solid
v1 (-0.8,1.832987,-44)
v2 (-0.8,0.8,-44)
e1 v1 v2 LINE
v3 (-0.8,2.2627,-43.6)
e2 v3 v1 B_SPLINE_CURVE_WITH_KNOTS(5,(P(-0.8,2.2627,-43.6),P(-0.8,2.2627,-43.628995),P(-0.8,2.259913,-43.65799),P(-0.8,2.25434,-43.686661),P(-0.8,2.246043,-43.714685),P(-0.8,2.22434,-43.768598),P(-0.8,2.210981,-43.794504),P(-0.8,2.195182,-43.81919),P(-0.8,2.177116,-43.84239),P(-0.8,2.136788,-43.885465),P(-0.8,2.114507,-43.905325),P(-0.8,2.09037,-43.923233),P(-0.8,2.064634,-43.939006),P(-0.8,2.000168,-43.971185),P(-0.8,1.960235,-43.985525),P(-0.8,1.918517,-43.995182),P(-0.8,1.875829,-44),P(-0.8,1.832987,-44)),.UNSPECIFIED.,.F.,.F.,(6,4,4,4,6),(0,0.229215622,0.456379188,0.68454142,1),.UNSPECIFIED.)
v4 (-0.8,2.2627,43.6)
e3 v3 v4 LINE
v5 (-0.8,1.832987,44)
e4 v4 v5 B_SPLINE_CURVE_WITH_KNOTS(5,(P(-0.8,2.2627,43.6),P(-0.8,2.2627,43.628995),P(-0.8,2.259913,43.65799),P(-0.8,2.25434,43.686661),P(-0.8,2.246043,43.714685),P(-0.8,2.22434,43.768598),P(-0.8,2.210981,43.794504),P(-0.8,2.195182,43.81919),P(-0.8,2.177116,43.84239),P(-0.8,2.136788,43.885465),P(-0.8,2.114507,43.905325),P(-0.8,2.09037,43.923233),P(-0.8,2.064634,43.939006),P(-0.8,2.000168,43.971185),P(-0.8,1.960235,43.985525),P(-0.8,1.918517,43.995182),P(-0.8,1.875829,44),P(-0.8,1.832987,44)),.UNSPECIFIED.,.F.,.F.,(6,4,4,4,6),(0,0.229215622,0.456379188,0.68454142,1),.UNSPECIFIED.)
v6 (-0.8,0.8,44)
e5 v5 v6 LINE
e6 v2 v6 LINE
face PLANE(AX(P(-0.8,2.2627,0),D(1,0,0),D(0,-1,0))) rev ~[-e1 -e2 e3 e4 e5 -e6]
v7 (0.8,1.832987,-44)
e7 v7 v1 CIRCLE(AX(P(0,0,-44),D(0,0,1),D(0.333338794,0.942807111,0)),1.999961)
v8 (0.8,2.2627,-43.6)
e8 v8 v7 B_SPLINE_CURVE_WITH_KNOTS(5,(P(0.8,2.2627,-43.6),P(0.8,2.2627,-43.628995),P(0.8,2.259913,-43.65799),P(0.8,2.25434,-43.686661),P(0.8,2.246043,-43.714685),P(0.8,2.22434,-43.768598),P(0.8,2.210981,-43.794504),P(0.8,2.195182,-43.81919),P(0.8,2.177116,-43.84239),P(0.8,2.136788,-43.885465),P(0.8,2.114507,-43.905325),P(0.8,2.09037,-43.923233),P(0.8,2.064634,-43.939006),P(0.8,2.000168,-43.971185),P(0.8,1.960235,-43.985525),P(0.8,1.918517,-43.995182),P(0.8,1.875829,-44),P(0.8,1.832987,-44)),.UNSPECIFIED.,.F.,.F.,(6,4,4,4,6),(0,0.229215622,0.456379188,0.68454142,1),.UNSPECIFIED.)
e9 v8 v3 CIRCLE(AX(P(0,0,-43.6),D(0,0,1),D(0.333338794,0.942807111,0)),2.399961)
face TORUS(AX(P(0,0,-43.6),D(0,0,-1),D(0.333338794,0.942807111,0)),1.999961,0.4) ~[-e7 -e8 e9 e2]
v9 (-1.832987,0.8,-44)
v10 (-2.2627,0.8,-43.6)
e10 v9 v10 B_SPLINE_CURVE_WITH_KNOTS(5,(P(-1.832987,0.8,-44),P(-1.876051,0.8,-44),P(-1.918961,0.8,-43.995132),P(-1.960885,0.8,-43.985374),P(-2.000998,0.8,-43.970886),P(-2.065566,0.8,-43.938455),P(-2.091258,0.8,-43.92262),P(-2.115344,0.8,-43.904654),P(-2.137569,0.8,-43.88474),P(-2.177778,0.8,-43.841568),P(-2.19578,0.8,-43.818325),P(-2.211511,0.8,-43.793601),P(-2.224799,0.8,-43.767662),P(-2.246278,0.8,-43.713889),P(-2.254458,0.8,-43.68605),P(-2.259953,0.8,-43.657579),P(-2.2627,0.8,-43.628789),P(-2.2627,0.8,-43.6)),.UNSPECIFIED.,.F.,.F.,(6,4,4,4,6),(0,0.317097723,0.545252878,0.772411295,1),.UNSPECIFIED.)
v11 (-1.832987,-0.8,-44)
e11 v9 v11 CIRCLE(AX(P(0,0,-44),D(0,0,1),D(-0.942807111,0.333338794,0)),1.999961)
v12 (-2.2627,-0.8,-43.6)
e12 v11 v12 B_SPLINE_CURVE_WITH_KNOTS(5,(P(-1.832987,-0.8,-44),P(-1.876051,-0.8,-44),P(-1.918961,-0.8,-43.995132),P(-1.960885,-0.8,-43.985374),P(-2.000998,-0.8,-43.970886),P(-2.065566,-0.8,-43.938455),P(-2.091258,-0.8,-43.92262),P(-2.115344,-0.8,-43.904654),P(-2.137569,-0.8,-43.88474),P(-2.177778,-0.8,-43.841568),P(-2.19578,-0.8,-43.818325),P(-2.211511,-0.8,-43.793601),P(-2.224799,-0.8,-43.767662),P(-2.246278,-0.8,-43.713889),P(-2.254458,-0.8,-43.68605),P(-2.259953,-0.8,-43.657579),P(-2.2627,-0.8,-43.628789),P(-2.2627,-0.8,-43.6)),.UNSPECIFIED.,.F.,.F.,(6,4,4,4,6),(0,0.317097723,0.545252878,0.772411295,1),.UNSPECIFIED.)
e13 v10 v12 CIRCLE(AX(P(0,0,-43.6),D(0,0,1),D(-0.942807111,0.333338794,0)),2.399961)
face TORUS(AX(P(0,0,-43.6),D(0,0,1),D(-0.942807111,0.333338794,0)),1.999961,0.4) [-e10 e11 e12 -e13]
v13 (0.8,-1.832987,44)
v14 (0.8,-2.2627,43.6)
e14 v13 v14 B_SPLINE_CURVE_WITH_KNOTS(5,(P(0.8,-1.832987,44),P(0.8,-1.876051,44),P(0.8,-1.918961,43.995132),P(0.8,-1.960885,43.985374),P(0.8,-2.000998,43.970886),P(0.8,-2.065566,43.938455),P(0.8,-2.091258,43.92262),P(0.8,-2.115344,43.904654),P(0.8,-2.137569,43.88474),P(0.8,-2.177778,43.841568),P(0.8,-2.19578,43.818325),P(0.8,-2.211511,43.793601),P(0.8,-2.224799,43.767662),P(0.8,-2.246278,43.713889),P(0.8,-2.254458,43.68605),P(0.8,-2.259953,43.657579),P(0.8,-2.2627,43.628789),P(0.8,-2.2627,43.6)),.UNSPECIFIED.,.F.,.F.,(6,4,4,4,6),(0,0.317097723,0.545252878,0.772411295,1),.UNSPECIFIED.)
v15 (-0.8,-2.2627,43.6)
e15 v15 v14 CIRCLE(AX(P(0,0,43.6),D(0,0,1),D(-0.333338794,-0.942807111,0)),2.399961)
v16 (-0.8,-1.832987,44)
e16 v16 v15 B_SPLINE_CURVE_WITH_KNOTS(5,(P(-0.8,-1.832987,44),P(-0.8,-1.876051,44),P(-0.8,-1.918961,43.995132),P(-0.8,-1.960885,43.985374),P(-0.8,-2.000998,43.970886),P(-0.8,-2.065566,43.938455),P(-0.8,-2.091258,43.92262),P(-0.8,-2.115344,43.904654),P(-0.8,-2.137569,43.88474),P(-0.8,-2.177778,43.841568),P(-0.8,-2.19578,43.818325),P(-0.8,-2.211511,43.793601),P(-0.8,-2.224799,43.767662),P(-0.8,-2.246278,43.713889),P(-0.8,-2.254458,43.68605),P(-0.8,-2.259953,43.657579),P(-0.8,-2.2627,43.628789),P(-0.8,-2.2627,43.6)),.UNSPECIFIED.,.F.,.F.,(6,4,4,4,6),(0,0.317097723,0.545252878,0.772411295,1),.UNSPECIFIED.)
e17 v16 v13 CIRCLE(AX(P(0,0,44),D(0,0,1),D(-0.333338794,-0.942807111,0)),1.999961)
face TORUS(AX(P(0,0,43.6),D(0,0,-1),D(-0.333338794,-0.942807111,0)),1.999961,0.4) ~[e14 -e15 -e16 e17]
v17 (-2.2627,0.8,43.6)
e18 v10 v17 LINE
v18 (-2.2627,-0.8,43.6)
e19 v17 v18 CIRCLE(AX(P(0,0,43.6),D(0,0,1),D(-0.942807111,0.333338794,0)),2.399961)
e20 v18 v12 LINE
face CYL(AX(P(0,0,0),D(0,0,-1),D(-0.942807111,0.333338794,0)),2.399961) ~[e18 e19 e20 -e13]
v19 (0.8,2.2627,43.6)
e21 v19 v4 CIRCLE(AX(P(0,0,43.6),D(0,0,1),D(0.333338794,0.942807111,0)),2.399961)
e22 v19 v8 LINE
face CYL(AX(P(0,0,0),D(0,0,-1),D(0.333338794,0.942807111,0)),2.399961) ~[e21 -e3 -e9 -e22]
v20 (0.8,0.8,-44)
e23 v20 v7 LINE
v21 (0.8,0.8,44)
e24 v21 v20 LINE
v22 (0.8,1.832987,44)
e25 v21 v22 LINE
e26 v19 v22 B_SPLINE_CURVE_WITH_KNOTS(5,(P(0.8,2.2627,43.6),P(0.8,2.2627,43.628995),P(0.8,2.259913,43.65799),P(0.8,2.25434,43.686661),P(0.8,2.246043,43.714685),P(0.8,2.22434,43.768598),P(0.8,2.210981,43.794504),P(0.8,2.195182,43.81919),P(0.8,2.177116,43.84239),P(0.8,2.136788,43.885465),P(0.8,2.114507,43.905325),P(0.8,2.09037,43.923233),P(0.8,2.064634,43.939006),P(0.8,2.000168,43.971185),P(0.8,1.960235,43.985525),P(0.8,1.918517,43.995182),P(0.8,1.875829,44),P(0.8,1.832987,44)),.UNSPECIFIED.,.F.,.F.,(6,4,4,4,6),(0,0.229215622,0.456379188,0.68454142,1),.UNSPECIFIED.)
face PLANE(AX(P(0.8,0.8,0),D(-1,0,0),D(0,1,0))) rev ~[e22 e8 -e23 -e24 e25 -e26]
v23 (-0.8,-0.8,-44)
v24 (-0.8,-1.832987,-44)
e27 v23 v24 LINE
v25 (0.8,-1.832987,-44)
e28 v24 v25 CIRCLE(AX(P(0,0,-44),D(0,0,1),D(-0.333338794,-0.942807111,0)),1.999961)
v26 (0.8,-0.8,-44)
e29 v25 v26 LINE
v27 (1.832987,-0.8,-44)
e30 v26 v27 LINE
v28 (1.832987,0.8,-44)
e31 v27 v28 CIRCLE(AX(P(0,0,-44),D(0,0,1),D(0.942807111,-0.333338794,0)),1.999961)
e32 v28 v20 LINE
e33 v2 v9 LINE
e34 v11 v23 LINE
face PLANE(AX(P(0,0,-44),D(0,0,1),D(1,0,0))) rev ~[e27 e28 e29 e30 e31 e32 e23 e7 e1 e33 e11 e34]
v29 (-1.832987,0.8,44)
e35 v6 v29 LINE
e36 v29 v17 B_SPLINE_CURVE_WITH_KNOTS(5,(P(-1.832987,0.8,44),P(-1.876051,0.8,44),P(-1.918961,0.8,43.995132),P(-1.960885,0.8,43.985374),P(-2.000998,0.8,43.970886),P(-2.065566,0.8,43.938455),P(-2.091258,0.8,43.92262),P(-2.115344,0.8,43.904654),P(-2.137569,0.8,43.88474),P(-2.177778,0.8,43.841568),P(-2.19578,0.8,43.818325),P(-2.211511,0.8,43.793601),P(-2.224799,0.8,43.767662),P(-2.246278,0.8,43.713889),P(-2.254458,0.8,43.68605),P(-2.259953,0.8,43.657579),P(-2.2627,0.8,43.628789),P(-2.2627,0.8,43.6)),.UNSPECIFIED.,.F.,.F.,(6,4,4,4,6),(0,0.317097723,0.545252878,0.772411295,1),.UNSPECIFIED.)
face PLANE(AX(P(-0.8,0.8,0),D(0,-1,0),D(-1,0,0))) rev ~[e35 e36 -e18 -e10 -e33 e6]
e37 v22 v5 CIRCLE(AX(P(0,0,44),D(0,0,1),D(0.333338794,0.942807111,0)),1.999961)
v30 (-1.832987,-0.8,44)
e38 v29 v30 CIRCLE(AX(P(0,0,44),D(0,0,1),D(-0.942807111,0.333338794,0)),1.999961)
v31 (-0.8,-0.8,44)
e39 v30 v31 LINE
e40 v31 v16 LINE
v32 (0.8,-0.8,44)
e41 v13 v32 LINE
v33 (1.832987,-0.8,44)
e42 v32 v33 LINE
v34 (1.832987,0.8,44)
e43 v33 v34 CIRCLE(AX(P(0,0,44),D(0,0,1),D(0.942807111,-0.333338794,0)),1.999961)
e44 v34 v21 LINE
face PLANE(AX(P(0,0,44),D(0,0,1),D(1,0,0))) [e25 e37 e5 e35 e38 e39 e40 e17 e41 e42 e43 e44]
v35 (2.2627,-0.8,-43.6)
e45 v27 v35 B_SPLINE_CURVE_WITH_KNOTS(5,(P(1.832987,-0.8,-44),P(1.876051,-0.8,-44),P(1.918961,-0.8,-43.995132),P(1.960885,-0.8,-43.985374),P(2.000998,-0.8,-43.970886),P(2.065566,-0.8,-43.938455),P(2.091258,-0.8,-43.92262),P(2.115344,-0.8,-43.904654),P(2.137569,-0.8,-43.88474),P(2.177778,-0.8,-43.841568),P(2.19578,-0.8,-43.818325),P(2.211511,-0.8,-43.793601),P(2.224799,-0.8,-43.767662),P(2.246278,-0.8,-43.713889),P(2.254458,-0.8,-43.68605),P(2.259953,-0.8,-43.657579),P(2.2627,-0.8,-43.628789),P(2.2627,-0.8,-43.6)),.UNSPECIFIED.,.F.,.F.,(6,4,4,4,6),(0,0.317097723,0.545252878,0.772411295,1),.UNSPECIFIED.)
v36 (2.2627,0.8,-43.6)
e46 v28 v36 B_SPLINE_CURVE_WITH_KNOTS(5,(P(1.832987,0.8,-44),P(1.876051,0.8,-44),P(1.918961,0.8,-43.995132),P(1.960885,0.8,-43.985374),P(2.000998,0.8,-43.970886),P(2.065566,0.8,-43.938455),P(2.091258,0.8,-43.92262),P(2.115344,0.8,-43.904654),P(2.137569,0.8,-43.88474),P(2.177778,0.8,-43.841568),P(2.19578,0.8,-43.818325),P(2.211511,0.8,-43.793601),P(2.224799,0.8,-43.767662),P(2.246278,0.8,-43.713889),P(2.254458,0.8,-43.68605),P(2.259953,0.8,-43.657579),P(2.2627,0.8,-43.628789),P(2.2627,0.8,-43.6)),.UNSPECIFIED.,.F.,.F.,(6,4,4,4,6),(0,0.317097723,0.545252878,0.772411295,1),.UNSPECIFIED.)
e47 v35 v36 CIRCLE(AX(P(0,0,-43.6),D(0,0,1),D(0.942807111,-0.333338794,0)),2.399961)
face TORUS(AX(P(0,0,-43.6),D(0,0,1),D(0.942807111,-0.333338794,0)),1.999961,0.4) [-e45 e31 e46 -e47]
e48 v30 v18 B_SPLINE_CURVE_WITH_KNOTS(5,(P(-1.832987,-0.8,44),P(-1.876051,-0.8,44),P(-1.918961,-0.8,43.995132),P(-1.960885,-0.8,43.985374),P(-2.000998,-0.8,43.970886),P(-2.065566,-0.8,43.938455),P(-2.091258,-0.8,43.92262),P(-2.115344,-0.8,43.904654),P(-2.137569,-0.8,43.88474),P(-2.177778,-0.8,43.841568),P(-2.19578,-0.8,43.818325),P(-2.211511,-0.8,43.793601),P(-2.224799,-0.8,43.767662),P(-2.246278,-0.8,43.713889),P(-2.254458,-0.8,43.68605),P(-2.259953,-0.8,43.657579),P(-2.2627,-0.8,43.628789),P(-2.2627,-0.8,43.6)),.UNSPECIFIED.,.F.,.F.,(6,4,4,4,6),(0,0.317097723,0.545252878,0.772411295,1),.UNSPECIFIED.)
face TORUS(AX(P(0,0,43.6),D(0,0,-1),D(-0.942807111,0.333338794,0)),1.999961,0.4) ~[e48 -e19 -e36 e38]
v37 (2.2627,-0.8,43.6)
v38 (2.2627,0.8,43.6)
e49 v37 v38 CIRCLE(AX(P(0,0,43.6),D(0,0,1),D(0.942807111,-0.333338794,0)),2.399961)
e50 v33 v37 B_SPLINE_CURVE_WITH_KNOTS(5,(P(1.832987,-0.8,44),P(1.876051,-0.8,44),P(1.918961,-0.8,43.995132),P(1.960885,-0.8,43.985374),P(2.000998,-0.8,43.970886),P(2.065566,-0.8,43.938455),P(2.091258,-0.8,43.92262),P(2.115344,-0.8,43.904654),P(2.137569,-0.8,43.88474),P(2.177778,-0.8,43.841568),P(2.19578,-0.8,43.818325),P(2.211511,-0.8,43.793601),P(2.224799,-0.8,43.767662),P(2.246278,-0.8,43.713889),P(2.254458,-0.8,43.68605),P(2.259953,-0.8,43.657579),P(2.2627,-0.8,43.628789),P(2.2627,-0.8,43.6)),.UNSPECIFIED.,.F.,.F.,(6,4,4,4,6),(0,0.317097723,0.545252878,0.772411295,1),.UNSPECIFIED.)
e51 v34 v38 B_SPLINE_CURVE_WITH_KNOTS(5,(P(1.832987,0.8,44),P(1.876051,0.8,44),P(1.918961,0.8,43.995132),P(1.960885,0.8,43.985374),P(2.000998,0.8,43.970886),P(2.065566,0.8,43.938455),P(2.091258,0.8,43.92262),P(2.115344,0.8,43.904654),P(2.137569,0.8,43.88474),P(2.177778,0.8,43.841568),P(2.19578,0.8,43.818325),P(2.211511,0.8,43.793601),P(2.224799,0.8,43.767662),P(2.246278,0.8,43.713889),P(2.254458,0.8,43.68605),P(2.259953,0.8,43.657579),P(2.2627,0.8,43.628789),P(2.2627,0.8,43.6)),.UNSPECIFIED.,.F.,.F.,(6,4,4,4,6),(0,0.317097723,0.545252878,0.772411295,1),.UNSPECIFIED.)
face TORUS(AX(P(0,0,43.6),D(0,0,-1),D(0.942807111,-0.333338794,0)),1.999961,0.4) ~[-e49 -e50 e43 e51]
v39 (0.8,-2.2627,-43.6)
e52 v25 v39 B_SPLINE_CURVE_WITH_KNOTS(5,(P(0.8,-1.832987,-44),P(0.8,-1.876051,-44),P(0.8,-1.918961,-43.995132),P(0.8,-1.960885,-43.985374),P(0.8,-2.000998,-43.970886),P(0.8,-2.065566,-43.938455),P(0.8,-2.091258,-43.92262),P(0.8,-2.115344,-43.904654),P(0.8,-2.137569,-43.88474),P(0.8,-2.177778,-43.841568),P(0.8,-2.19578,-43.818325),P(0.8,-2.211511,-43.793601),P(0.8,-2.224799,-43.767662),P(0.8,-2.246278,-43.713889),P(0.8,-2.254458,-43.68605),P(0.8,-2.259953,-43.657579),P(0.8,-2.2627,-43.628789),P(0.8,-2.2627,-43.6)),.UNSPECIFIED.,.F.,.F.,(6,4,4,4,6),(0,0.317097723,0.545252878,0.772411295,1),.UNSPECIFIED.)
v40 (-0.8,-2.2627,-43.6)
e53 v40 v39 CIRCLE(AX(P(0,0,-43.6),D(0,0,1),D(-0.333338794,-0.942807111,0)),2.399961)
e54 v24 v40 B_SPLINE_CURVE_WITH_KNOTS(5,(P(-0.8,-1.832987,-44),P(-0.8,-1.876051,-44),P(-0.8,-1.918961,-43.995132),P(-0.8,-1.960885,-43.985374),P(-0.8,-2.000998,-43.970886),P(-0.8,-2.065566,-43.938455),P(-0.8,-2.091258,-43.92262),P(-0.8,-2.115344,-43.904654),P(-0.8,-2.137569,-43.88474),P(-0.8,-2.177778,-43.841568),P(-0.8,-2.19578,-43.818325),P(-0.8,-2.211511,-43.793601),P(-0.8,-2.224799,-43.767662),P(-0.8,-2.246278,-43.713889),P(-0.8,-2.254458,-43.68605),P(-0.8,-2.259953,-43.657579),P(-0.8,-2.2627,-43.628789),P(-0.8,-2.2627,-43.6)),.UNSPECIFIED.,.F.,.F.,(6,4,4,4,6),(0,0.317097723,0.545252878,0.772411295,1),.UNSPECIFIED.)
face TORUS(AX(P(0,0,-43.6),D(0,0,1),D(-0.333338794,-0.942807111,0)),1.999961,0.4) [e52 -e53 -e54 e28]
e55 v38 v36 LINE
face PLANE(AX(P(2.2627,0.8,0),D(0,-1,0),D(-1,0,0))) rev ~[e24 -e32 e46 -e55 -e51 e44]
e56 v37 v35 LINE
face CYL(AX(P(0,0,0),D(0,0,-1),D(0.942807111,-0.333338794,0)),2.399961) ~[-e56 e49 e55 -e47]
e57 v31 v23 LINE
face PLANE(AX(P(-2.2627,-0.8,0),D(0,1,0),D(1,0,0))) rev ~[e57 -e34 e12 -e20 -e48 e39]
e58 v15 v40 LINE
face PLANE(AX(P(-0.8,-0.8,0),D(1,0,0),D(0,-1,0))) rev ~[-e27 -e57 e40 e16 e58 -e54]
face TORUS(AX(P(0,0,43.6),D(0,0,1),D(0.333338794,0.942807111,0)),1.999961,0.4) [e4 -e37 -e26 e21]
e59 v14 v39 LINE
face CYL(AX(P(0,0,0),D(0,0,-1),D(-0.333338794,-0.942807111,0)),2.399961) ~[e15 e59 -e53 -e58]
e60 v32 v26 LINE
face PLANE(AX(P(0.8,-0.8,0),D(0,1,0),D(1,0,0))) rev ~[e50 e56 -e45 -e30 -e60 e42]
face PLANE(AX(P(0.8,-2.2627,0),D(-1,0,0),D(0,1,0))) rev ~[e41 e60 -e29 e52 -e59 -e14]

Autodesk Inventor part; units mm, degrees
ref_plane "YZ Plane" through (0, 0, 0) normal (1, 0, 0) x (0, 1, 0)
ref_plane "XZ Plane" through (0, 0, 0) normal (0, 1, 0) x (-1, 0, 0)
ref_plane "XY Plane" through (0, 0, 0) normal (0, 0, 1) x (1, 0, 0)
sketch "Sketch1" plane through (0, 0, 0) normal (0, 0, 1) x (1, 0, 0)
  circle A0 centre (0, 0) radius 2.4 construction
  line L0 (-0.8, 2.2627) -> (-0.8, 0.8)
  line L1 (-0.8, 0.8) -> (-2.2627, 0.8)
  line L2 (-2.2627, -0.8) -> (-0.8, -0.8)
  line L3 (-0.8, -0.8) -> (-0.8, -2.2627)
  line L4 (0.8, -2.2627) -> (0.8, -0.8)
  line L5 (0.8, -0.8) -> (2.2627, -0.8)
  line L6 (2.2627, 0.8) -> (0.8, 0.8)
  line L7 (0.8, 0.8) -> (0.8, 2.2627)
  arc A1 (0.8, 2.2627) -> (-0.8, 2.2627) centre (0, 0) ccw
  arc A2 (-2.2627, 0.8) -> (-2.2627, -0.8) centre (0, 0) ccw
  arc A3 (-0.8, -2.2627) -> (0.8, -2.2627) centre (0, 0) ccw
  arc A4 (2.2627, -0.8) -> (2.2627, 0.8) centre (0, 0) ccw
  dimension "d0" = 4.8
  dimension "d1" = 1.6
extrude "Extrusion1" add sketch "Sketch1" along normal mid plane 88
fillet "Fillet1" radius 0.4 8 edges at (0, 2.4, 44) (-2.4, 0, 44) (0, -2.4, 44) (2.4, 0, 44) (2.4, 0, -44) (0, 2.4, -44) (-2.4, 0, -44) (0, -2.4, -44)
equation "\"d0\" = kd"
equation "\"d1\" = axlet"
equation "\"d2\" = 11 * lu"
equation "\"d4\" = tf"
equation "\"unit\" = 8"
equation "\"kd\" = 4.8"
equation "\"axlet\" = 1.6"
equation "\"lu\" = 8"
equation "\"tf\" = 0.4"
properties part number "23948-Yellow" material "ABS Plastic"
